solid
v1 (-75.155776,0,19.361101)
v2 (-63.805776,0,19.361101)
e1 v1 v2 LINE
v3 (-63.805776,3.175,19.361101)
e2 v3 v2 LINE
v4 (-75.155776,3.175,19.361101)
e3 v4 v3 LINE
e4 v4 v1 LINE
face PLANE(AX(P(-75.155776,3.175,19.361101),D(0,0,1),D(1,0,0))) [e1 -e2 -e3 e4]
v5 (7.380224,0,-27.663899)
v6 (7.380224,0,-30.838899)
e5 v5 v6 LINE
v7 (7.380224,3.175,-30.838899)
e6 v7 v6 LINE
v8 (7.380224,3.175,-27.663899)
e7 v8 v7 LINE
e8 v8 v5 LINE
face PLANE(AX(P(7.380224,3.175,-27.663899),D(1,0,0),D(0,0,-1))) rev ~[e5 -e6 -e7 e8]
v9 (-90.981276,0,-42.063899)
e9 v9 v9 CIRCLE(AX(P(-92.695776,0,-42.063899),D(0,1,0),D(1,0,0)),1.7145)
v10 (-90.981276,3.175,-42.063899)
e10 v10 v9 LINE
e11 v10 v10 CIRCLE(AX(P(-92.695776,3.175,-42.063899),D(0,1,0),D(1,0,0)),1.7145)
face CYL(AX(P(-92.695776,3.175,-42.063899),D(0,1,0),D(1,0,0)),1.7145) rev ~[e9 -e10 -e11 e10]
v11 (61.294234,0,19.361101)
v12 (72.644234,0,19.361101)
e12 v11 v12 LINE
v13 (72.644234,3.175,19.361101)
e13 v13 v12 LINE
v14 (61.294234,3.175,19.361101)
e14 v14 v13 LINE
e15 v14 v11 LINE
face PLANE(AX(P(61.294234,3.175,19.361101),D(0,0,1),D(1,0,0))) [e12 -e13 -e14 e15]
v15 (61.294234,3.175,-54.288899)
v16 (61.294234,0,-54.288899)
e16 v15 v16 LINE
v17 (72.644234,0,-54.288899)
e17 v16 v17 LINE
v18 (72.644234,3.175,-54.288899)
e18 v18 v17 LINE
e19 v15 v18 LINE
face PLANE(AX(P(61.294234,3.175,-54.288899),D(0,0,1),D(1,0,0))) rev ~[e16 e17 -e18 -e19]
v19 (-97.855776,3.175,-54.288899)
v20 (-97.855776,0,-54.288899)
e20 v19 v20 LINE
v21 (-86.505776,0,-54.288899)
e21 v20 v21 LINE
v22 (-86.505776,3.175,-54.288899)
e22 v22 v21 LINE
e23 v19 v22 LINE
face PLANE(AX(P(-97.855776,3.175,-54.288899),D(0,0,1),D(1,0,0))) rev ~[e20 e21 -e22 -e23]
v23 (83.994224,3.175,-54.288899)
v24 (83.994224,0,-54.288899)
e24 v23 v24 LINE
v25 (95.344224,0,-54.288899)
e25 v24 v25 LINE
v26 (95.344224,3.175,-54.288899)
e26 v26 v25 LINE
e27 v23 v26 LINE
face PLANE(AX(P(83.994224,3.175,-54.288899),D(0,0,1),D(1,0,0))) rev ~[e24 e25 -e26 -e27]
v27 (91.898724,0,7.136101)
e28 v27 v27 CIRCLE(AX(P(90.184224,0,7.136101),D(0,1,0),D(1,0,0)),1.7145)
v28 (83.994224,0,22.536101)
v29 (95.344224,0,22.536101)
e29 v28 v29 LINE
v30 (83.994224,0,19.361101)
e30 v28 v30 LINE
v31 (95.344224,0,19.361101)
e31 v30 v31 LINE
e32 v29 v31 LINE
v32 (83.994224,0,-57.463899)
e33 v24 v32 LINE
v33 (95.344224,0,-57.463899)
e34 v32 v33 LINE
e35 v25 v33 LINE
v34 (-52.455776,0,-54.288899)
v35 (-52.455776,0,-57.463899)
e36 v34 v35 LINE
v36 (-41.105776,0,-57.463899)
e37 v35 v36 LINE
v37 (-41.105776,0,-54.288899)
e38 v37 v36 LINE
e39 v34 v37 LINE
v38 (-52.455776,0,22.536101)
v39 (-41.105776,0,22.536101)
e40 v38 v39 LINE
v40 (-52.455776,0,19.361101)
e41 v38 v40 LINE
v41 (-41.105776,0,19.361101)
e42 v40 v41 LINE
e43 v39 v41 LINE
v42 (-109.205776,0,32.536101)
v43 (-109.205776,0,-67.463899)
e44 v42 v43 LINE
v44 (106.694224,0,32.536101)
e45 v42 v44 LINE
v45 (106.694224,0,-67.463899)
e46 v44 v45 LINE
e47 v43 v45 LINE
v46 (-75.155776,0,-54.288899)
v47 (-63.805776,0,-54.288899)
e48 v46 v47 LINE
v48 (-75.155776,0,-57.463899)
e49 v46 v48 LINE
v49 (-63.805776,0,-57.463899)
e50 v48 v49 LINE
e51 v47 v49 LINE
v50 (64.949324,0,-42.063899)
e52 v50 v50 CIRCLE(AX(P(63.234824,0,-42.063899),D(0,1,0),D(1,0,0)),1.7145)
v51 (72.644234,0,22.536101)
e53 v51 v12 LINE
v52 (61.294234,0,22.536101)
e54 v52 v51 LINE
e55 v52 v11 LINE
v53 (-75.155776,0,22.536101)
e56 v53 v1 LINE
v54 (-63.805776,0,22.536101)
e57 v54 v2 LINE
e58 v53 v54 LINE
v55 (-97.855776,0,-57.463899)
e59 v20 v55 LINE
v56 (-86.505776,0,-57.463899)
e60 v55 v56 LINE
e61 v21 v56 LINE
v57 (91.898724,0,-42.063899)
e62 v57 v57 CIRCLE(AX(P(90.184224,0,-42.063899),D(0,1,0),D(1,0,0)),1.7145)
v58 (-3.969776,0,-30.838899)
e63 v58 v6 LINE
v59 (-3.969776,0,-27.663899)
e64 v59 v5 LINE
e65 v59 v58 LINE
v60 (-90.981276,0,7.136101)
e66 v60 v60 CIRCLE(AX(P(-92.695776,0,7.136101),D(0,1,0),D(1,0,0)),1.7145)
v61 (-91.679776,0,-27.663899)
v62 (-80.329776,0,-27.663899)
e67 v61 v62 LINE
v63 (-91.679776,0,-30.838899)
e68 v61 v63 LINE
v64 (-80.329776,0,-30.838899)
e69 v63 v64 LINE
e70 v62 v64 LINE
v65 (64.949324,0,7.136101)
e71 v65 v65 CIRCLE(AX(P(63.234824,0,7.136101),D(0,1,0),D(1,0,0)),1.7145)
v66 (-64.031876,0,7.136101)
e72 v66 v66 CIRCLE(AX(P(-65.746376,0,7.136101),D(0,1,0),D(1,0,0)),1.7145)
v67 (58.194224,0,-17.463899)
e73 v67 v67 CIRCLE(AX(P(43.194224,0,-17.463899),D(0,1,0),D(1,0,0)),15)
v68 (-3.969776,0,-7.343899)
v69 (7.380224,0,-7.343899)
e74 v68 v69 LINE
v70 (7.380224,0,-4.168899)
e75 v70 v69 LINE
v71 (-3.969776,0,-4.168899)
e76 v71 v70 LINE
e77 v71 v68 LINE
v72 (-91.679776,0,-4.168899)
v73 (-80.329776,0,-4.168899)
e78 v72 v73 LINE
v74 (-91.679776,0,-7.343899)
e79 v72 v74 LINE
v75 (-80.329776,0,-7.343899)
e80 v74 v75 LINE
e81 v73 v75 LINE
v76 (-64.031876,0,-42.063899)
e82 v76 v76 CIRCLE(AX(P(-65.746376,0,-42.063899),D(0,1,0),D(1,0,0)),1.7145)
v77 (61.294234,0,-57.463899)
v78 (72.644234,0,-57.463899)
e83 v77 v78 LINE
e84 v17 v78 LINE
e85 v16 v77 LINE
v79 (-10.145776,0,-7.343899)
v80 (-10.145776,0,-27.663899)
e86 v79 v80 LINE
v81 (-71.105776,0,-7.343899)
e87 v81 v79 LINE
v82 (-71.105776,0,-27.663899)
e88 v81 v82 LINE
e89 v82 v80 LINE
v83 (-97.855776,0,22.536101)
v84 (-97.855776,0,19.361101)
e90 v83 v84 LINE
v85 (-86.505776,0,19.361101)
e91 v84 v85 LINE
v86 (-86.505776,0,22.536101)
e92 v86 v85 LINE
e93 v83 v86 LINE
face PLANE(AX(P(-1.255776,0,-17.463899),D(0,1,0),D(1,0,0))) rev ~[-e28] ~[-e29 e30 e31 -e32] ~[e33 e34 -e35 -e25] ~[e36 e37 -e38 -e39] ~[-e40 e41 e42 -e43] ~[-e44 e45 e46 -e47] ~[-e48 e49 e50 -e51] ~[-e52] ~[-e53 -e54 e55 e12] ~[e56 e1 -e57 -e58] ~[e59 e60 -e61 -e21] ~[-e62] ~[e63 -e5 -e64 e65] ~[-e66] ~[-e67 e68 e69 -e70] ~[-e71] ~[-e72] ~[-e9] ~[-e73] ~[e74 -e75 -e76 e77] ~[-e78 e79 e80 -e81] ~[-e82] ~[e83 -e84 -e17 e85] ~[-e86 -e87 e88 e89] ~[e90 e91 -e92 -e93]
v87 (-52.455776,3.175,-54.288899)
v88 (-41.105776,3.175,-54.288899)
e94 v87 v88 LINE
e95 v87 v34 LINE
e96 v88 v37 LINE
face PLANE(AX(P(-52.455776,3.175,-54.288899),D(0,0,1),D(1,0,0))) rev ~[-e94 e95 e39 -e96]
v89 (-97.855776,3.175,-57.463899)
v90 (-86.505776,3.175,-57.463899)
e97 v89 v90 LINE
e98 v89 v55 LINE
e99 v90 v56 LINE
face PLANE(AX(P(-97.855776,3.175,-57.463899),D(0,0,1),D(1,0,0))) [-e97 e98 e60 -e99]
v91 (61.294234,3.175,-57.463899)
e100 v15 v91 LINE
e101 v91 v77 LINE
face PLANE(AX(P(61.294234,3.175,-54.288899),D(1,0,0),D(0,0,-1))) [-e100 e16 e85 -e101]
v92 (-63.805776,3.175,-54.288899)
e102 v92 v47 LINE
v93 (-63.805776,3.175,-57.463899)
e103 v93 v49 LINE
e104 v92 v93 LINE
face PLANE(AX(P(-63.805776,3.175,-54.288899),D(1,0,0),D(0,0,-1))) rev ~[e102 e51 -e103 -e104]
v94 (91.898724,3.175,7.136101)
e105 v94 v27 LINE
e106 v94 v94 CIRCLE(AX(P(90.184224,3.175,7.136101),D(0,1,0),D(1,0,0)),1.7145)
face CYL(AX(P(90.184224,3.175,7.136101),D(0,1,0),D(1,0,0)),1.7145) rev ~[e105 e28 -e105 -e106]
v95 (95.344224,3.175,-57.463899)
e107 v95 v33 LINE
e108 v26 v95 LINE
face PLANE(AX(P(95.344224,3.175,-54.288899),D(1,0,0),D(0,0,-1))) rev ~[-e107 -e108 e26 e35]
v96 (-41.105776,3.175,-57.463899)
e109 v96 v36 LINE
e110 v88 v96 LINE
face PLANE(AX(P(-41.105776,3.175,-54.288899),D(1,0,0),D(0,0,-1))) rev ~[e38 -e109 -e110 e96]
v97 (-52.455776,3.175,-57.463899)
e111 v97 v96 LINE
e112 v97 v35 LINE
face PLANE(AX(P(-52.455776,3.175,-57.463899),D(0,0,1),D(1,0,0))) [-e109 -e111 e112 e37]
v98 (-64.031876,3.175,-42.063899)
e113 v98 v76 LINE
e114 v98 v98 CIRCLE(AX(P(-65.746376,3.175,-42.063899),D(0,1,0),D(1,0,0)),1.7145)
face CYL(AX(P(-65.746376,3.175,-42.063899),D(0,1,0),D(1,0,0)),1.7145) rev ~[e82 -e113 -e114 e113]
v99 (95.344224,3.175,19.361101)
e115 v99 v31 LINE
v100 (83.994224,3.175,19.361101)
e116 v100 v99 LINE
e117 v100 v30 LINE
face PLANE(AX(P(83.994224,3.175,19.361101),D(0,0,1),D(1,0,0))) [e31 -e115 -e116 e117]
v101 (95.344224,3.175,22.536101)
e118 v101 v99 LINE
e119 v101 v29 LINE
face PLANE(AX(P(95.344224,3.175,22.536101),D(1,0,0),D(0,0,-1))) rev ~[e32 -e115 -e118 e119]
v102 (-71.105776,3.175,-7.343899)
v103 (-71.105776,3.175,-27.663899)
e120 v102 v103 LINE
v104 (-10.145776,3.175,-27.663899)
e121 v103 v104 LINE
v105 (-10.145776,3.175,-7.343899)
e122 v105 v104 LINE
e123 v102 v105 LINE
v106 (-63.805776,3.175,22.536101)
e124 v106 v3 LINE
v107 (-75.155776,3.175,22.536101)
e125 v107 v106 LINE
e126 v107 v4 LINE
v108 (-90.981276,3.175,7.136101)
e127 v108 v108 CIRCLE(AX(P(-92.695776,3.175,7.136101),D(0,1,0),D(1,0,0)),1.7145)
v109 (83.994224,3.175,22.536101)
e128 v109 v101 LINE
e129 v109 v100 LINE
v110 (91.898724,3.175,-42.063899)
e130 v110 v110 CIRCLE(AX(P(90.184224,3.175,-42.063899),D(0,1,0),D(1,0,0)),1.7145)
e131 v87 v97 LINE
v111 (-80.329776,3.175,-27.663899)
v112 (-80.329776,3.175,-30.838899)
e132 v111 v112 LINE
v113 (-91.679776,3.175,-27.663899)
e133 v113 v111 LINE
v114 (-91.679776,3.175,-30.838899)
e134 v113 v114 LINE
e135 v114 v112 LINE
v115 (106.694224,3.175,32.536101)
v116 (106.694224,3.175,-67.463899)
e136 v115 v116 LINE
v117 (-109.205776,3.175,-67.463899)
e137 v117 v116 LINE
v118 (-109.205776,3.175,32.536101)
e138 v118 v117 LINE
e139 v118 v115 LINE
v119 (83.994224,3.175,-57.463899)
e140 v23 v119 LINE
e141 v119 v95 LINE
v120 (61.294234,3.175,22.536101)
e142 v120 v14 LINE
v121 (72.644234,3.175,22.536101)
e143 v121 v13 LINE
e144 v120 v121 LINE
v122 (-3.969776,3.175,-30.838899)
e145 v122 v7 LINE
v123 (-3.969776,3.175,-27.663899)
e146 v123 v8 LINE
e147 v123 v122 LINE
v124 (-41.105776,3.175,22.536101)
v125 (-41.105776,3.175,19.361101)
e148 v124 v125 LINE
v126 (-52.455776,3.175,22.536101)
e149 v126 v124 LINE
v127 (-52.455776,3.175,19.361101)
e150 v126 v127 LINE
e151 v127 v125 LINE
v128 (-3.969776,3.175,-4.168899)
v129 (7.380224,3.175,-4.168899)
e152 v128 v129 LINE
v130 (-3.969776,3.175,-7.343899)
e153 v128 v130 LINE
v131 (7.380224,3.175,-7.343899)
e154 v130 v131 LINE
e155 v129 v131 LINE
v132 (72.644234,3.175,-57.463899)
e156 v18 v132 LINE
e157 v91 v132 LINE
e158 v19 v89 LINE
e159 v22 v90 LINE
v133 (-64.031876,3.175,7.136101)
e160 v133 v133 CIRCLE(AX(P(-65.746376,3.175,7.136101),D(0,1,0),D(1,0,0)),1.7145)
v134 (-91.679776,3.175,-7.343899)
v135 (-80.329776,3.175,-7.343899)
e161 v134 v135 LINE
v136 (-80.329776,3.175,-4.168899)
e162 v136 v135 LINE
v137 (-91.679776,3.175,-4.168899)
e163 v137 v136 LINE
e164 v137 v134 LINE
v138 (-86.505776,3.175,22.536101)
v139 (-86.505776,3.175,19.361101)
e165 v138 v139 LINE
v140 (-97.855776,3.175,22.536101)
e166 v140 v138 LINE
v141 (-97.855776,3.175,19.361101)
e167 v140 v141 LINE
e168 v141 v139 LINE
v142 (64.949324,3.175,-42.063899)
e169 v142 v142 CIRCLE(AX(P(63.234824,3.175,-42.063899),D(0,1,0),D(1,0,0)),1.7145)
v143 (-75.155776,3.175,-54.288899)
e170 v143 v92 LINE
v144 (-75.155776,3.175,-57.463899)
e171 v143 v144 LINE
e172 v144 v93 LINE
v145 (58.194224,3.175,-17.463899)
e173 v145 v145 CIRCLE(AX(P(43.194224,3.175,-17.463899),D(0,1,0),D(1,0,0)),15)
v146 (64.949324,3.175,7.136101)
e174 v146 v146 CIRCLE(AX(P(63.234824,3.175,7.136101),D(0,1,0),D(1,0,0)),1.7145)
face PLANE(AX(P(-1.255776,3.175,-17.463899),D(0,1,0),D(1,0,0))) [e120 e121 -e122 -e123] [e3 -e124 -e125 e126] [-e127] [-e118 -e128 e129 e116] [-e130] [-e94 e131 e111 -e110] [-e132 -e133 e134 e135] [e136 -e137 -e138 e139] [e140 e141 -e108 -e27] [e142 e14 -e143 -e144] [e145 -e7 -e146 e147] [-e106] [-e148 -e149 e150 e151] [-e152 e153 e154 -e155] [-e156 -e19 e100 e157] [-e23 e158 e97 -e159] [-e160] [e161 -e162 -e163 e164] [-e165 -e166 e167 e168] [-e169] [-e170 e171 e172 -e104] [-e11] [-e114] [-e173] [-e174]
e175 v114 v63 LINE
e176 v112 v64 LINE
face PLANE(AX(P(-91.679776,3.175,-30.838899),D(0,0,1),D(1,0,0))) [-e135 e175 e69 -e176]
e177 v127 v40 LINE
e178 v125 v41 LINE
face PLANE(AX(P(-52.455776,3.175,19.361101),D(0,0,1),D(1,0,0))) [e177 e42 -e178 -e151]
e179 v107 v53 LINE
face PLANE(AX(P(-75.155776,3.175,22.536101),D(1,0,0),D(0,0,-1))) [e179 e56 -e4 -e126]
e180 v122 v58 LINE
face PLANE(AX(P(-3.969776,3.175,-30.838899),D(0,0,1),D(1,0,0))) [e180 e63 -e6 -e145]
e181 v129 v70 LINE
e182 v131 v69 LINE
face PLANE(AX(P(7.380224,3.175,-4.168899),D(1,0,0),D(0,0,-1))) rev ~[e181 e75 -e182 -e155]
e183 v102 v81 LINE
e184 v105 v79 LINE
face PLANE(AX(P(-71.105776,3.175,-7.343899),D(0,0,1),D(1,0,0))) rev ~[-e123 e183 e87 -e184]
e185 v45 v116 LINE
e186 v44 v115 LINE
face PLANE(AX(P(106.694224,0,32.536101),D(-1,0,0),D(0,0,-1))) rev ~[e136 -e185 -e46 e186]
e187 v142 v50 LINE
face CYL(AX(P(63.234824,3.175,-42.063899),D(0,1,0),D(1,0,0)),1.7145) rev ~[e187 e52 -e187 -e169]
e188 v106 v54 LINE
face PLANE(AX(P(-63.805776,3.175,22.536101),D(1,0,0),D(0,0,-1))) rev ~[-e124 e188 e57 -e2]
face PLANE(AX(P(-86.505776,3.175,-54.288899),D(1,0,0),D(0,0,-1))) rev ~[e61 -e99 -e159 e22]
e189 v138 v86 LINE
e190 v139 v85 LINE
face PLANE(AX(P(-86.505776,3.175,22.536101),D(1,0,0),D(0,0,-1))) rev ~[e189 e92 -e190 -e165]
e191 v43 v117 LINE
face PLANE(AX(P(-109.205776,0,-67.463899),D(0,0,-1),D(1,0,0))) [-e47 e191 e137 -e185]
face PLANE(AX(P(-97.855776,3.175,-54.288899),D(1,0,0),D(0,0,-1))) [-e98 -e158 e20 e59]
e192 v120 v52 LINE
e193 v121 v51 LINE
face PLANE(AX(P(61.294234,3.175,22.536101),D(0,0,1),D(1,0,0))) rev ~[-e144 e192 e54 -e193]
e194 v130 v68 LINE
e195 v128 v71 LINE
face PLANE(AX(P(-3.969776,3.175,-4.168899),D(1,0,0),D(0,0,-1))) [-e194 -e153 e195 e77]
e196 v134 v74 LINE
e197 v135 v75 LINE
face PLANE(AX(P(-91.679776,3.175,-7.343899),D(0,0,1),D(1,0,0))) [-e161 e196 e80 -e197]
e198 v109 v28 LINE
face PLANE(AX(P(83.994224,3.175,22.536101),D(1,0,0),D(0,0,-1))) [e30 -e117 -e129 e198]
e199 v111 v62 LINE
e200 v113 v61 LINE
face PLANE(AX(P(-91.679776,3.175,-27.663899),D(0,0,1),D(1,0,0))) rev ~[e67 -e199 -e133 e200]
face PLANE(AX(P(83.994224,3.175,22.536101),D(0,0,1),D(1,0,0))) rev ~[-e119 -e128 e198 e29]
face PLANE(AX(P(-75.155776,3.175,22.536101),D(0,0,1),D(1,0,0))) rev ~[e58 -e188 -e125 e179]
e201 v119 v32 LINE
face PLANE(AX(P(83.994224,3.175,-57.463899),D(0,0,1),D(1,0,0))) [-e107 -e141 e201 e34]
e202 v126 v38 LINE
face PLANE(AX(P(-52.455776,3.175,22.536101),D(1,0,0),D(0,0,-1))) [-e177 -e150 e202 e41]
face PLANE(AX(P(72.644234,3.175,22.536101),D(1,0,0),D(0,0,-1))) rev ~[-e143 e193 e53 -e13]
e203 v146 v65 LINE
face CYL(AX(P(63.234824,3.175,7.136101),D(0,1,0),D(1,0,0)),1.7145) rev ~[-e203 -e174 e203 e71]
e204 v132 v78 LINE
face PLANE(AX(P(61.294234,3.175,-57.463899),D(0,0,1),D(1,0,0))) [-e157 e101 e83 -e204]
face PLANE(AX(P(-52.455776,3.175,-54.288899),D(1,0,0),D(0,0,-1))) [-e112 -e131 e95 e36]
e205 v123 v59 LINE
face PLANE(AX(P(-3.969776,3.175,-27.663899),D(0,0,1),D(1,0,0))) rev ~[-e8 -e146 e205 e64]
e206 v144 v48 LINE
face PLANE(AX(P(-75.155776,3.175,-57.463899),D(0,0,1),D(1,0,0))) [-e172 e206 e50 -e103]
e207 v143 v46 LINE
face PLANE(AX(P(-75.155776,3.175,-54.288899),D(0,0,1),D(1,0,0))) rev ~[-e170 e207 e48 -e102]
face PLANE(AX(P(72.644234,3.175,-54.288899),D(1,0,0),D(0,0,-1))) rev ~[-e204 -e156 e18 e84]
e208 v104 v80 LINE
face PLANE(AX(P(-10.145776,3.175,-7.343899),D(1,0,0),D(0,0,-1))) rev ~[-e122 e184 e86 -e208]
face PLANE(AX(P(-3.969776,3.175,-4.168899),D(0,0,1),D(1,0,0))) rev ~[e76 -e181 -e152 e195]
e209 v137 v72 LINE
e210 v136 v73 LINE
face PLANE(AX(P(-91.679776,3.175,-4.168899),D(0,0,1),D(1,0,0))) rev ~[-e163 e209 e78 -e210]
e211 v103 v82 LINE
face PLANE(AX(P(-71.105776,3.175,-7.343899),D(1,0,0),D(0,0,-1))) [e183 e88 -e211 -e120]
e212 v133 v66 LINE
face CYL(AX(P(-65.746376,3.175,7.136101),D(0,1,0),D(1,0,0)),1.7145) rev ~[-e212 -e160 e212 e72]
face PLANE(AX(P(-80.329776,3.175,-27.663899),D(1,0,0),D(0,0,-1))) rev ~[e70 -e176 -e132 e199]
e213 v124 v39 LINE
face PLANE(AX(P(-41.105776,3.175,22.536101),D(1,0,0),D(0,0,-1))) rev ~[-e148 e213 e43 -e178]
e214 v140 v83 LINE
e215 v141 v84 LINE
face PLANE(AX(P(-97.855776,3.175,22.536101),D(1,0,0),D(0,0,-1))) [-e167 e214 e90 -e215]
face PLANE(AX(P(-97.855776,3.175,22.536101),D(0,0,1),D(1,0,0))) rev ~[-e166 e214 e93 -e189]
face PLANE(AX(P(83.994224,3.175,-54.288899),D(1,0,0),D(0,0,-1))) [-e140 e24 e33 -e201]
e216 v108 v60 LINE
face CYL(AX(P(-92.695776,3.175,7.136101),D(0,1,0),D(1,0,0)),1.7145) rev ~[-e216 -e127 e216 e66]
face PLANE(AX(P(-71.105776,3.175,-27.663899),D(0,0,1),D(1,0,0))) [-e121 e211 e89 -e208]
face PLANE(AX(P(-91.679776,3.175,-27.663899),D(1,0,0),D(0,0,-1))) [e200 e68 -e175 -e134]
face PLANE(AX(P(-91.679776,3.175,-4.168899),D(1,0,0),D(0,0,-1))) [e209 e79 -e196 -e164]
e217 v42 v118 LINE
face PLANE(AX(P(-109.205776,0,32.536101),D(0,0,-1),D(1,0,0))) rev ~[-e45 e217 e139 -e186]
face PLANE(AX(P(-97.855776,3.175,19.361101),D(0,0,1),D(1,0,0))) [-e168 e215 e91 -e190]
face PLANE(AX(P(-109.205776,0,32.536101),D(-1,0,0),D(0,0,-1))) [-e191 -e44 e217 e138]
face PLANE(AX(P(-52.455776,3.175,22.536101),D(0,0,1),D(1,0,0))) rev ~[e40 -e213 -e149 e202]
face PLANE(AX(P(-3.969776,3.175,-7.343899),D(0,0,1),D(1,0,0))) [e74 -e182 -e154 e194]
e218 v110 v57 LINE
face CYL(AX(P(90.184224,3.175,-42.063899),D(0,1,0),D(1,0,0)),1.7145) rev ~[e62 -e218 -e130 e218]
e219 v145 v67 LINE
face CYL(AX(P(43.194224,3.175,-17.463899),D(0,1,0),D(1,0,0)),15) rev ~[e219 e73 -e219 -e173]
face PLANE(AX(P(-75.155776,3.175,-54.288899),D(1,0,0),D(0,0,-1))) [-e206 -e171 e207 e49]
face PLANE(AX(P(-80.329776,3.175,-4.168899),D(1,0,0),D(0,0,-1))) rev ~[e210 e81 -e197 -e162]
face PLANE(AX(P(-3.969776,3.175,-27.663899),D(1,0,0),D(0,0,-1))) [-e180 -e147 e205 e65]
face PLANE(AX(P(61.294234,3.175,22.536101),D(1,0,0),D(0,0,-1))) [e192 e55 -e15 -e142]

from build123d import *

# Parameters (mm, degrees)
SKETCH1_W               = 215.9
SKETCH1_H               = 100
BOSS_EXTRUDE1_DEPTH     = 3.175
SKETCH3_W               = 11.35
SKETCH3_H               = 3.175
CUT_EXTRUDE2_DEPTH      = 3.175
SKETCH4_W               = 11.35
SKETCH4_H               = 3.175
CUT_EXTRUDE3_DEPTH      = 3.175
SKETCH5_W               = 60.96
SKETCH5_H               = 20.32
CUT_EXTRUDE4_DEPTH      = 1
CUT_EXTRUDE4_DEPTH_BACK = 3.175
SKETCH6_R               = 1.7145
CUT_EXTRUDE5_DEPTH      = 3.175
SKETCH7_R               = 15
CUT_EXTRUDE6_DEPTH      = 3.175
SKETCH8_W               = 11.35
SKETCH8_H               = 3.175
CUT_EXTRUDE7_DEPTH      = 3.175


with BuildPart() as part:
    # Sketch1 → Boss-Extrude1 (new body)
    with BuildSketch(Plane(origin=(0, 0, 0), x_dir=(1, 0, 0), z_dir=(0, 1, 0))):
        with Locations((-1.255776173, 17.463898917)):
            Rectangle(SKETCH1_W, SKETCH1_H)
    extrude(amount=BOSS_EXTRUDE1_DEPTH)

    # Sketch3 → Cut-Extrude2 (cut)
    with BuildSketch(Plane(origin=(0, 3.175, 0), x_dir=(1, 0, 0), z_dir=(0, 1, 0))):
        with Locations((-92.180776173, 55.876398917)):
            Rectangle(SKETCH3_W, SKETCH3_H)
        with Locations((-46.780776173, 55.876398917)):
            Rectangle(SKETCH3_W, SKETCH3_H)
        with Locations((-69.480776173, 55.876398917)):
            Rectangle(SKETCH3_W, SKETCH3_H)
        with Locations((66.969233827, 55.876398917)):
            Rectangle(SKETCH3_W, SKETCH3_H)
        with Locations((89.669223827, 55.876398917)):
            Rectangle(SKETCH3_W, SKETCH3_H)
    extrude(amount=-CUT_EXTRUDE2_DEPTH, mode=Mode.SUBTRACT)

    # Sketch4 → Cut-Extrude3 (cut)
    with BuildSketch(Plane(origin=(0, 3.175, 0), x_dir=(1, 0, 0), z_dir=(0, 1, 0))):
        with Locations((-92.180776173, -20.948601083)):
            Rectangle(SKETCH4_W, SKETCH4_H)
        with Locations((-69.480776173, -20.948601083)):
            Rectangle(SKETCH4_W, SKETCH4_H)
        with Locations((-46.780776173, -20.948601083)):
            Rectangle(SKETCH4_W, SKETCH4_H)
        with Locations((66.969233827, -20.948601083)):
            Rectangle(SKETCH4_W, SKETCH4_H)
        with Locations((89.669223827, -20.948601083)):
            Rectangle(SKETCH4_W, SKETCH4_H)
    extrude(amount=-CUT_EXTRUDE3_DEPTH, mode=Mode.SUBTRACT)

    # Sketch5 → Cut-Extrude4 (cut, two sides)
    with BuildSketch(Plane(origin=(0, 3.175, 0), x_dir=(1, 0, 0), z_dir=(0, 1, 0))) as cut_extrude4_sk:
        with Locations((-40.625776173, 17.503898917)):
            Rectangle(SKETCH5_W, SKETCH5_H)
    extrude(amount=CUT_EXTRUDE4_DEPTH, mode=Mode.SUBTRACT)
    extrude(cut_extrude4_sk.sketch, amount=-CUT_EXTRUDE4_DEPTH_BACK, mode=Mode.SUBTRACT)

    # Sketch6 → Cut-Extrude5 (cut)
    with BuildSketch(Plane(origin=(0, 3.175, 0), x_dir=(1, 0, 0), z_dir=(0, 1, 0))):
        with Locations((-92.695776173, 42.063898917)):
            Circle(SKETCH6_R)
        with Locations((-65.746376173, 42.063898917)):
            Circle(SKETCH6_R)
        with Locations((-92.695776173, -7.136101083)):
            Circle(SKETCH6_R)
        with Locations((-65.746376173, -7.136101083)):
            Circle(SKETCH6_R)
        with Locations((63.234823827, 42.063898917)):
            Circle(SKETCH6_R)
        with Locations((90.184223827, 42.063898917)):
            Circle(SKETCH6_R)
        with Locations((63.234823827, -7.136101083)):
            Circle(SKETCH6_R)
        with Locations((90.184223827, -7.136101083)):
            Circle(SKETCH6_R)
    extrude(amount=-CUT_EXTRUDE5_DEPTH, mode=Mode.SUBTRACT)

    # Sketch7 → Cut-Extrude6 (cut)
    with BuildSketch(Plane(origin=(0, 3.175, 0), x_dir=(1, 0, 0), z_dir=(0, 1, 0))):
        with Locations((43.194223827, 17.463898917)):
            Circle(SKETCH7_R)
    extrude(amount=-CUT_EXTRUDE6_DEPTH, mode=Mode.SUBTRACT)

    # Sketch8 → Cut-Extrude7 (cut)
    with BuildSketch(Plane(origin=(0, 3.175, 0), x_dir=(1, 0, 0), z_dir=(0, 1, 0))):
        with Locations((-86.004776173, 5.756398917)):
            Rectangle(SKETCH8_W, SKETCH8_H)
        with Locations((-86.004776173, 29.251398917)):
            Rectangle(SKETCH8_W, SKETCH8_H)
        with Locations((1.705223827, 5.756398917)):
            Rectangle(SKETCH8_W, SKETCH8_H)
        with Locations((1.705223827, 29.251398917)):
            Rectangle(SKETCH8_W, SKETCH8_H)
    extrude(amount=-CUT_EXTRUDE7_DEPTH, mode=Mode.SUBTRACT)


solid = part.part
